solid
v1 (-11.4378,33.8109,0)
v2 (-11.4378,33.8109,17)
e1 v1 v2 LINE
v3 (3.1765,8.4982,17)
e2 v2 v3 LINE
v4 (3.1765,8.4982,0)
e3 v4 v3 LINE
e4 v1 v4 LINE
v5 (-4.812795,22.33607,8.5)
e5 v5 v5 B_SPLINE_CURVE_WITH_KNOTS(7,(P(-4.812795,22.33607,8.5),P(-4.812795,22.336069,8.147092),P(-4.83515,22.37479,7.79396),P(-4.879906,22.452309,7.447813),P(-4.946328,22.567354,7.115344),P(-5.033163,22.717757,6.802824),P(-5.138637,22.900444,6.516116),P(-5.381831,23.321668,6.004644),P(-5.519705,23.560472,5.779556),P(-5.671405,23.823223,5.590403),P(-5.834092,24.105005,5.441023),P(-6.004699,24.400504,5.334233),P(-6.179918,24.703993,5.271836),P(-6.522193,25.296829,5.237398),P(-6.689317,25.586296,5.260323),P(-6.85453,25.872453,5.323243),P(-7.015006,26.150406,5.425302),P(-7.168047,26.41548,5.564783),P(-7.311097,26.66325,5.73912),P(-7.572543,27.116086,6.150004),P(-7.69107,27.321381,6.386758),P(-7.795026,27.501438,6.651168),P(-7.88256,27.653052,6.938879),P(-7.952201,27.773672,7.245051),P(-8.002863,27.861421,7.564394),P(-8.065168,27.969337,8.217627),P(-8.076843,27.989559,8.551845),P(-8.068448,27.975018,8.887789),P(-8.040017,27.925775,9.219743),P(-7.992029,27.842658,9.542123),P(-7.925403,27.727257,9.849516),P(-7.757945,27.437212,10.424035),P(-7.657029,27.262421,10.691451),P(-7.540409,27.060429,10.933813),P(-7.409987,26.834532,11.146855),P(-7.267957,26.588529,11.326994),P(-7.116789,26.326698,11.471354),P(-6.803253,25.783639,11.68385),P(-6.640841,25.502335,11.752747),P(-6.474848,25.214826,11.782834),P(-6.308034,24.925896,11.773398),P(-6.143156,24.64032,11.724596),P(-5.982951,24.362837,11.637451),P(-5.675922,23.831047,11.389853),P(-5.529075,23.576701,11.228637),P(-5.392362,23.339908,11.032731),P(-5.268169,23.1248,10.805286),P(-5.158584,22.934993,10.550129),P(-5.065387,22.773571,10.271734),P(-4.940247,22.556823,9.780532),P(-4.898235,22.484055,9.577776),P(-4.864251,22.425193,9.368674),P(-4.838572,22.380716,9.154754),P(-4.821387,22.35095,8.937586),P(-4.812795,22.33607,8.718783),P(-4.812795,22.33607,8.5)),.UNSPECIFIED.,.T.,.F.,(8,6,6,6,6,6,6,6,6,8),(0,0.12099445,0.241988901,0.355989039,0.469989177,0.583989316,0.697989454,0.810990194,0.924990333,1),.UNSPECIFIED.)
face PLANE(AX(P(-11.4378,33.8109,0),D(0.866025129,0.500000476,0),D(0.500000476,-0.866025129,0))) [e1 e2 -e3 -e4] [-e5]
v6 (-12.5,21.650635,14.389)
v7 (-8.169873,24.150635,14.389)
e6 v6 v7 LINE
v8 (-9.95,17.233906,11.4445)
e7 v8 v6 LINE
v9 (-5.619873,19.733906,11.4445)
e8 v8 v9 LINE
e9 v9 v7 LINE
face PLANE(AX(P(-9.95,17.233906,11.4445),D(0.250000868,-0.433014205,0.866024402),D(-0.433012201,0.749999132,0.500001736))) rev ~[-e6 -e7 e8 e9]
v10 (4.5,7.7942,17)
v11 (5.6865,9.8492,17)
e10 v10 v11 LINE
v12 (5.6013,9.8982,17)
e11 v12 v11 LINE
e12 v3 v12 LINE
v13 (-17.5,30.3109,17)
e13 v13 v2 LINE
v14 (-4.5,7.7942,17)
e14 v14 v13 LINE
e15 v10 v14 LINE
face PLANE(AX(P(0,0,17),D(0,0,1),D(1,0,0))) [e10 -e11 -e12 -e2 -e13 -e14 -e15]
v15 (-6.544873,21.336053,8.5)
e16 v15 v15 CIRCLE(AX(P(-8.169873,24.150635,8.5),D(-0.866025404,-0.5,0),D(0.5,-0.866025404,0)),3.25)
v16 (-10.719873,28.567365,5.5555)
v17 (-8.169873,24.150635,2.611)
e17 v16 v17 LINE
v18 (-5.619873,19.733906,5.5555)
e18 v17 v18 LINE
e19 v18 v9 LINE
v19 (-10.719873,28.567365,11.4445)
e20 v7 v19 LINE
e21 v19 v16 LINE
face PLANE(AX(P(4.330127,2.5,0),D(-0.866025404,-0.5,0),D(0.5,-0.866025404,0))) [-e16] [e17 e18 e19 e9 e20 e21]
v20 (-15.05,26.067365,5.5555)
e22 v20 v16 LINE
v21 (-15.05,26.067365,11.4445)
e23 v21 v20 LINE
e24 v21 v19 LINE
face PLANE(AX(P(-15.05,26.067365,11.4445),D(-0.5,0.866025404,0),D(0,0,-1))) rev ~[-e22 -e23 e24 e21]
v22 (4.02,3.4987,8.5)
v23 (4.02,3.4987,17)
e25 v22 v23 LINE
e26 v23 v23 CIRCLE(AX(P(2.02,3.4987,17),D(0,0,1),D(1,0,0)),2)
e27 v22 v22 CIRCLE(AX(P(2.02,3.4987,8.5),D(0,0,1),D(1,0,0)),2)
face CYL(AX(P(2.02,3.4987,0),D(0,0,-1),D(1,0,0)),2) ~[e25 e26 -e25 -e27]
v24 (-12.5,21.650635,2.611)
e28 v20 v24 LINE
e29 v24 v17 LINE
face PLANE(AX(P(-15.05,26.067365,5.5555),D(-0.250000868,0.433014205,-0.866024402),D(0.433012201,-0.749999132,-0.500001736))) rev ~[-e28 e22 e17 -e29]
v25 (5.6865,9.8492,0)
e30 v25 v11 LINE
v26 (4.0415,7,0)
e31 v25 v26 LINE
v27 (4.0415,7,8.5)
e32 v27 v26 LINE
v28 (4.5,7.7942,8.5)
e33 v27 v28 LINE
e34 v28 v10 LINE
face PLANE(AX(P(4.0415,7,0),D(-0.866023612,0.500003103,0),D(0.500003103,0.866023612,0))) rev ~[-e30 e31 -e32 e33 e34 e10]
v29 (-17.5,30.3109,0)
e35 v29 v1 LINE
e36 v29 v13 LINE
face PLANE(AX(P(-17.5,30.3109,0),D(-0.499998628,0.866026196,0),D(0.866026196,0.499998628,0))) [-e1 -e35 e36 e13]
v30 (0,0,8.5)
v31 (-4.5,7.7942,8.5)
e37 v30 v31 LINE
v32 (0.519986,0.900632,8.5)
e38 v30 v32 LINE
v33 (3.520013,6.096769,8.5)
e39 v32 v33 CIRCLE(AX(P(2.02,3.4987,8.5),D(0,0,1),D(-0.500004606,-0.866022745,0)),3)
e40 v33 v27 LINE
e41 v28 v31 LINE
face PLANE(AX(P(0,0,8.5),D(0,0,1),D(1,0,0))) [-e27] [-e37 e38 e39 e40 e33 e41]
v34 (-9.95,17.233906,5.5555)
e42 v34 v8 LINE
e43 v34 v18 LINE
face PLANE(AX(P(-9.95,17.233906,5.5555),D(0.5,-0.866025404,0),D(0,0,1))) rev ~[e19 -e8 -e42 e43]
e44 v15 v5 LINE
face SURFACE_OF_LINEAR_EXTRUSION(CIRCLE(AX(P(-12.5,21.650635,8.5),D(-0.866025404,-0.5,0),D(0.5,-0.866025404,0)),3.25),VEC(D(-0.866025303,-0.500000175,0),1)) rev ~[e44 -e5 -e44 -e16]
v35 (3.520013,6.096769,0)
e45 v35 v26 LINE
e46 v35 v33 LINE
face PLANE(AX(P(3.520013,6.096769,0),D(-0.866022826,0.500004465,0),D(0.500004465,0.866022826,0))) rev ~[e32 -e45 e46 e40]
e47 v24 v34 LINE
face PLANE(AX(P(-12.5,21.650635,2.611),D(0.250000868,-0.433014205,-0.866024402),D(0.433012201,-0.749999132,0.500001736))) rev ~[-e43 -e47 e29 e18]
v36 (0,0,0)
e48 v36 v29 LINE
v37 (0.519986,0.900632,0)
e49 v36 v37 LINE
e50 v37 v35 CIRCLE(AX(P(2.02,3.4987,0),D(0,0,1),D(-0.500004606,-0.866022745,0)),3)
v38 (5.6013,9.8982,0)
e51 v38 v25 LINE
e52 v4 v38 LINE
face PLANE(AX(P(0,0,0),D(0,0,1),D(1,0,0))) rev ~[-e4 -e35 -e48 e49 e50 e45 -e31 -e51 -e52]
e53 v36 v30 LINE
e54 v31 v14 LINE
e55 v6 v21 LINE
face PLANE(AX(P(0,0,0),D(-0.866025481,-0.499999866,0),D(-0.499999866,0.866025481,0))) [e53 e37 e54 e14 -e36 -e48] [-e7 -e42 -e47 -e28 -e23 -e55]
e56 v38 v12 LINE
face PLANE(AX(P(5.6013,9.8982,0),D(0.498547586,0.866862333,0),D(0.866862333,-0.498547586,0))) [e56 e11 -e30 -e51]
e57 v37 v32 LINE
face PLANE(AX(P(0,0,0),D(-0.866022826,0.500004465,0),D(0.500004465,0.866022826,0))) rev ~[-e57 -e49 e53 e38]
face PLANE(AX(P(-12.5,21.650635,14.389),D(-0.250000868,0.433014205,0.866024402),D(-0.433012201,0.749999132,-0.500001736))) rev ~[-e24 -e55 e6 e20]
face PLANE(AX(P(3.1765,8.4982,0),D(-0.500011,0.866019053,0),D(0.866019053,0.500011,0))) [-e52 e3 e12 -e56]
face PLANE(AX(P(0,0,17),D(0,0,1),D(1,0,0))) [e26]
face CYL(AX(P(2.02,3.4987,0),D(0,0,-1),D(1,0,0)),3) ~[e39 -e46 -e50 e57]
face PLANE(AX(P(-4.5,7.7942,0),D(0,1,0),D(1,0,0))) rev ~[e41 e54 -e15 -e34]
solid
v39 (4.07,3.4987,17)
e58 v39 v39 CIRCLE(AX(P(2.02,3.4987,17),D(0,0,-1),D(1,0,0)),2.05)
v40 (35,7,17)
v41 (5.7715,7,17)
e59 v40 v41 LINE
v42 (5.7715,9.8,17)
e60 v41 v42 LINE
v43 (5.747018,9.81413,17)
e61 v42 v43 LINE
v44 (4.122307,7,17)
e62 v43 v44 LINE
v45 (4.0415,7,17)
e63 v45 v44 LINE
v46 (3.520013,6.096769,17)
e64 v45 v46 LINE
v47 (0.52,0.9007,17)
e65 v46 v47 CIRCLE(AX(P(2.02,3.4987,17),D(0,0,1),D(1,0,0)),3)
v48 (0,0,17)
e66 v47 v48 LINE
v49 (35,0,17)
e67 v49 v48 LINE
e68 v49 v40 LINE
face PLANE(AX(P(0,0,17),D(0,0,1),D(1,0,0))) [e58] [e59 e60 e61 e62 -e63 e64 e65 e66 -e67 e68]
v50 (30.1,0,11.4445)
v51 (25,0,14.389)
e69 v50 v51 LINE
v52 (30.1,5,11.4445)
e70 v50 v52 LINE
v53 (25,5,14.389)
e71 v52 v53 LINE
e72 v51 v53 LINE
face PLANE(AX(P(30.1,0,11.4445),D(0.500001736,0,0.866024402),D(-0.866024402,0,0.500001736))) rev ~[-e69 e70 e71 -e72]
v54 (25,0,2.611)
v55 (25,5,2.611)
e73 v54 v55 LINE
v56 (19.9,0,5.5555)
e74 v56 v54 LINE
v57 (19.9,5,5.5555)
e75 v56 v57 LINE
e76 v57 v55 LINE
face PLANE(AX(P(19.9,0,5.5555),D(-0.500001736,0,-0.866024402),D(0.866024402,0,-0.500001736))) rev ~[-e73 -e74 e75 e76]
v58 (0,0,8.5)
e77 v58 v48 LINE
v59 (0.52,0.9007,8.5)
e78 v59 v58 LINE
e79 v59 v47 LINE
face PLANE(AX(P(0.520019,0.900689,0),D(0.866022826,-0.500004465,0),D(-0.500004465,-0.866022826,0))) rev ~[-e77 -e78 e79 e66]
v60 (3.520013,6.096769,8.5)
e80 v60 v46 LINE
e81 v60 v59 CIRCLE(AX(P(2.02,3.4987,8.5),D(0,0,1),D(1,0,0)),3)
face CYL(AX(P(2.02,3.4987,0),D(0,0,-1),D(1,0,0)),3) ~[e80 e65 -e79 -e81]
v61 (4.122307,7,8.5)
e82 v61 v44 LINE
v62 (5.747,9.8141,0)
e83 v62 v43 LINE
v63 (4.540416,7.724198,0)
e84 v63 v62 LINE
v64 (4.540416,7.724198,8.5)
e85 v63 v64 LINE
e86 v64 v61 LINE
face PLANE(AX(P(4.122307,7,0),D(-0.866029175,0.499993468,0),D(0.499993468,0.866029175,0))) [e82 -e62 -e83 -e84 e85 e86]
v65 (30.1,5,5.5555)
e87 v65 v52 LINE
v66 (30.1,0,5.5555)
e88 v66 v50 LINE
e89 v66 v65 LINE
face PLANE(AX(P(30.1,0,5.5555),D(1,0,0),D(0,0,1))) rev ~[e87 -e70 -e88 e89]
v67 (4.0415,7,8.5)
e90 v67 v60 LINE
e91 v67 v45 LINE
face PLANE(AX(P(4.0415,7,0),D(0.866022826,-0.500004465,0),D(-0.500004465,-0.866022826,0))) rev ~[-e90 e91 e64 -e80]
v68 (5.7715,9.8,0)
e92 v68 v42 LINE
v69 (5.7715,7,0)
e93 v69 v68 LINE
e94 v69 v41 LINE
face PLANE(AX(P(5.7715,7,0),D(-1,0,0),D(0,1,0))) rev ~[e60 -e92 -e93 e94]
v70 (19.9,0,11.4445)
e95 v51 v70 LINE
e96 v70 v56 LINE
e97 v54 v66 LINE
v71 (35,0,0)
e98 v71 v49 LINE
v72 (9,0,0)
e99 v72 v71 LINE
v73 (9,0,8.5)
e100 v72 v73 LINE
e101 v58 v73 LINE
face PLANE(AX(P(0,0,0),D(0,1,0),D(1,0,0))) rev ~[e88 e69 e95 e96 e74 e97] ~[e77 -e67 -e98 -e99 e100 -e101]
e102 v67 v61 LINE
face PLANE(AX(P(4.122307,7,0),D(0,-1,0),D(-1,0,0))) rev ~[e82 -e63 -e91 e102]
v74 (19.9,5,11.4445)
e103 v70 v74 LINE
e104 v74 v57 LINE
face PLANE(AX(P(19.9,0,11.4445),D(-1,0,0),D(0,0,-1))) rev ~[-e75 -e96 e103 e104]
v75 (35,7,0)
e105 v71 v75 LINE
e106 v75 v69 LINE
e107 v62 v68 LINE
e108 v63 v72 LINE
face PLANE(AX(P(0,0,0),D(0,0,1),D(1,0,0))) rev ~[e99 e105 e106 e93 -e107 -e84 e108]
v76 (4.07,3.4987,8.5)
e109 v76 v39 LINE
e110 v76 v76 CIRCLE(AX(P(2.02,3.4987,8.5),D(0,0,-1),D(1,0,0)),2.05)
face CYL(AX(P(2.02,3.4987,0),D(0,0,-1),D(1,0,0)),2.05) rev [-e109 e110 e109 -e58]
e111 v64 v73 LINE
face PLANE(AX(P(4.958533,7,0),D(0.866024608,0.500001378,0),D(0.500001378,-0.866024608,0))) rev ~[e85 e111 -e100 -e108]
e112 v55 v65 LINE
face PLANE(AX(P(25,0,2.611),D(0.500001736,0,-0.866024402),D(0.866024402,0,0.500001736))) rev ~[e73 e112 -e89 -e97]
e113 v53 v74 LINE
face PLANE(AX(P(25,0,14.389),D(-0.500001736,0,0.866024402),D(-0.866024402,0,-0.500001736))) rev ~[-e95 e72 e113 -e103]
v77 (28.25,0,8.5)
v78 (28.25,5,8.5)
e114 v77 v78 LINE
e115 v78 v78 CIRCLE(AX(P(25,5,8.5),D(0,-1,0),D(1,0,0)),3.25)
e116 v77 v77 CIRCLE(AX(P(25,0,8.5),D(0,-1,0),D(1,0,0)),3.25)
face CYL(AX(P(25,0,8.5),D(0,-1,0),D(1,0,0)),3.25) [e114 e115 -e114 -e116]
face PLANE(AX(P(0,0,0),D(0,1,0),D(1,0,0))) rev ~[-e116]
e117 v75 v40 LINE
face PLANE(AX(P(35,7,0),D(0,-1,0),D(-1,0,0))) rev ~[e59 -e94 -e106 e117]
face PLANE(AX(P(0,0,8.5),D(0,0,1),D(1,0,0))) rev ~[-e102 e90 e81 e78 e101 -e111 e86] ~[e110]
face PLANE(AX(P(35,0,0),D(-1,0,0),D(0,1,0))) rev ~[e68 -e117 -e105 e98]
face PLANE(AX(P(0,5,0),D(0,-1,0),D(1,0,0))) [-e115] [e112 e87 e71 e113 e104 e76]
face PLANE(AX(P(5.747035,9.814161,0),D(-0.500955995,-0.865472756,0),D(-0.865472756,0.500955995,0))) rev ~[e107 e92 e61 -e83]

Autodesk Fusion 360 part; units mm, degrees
sketch "Szkic1" plane through (0, 0, 0) normal (0, 0, 1) x (1, 0, 0) in component "Component"
  line L0 (0, 0) -> (50, 0) construction
  line L1 (0, 0) -> (-17.5, 30.3109)
  line L2 (0, 0) -> (25, 0) construction
  line L3 (-17.5, 30.3109) -> (-11.4378, 33.8109)
  line L4 (-11.4378, 33.8109) -> (4.0415, 7)
  line L5 (0, 0) -> (4.0415, 7)
  line L6 (0, 0) -> (8.0829, 0) construction
  line L7 (4.0415, 7) -> (3.1765, 8.4982) construction
  line L8 (3.1765, 8.4982) -> (5.6013, 9.8982)
  line L9 (4.0415, 7) -> (5.6865, 9.8492)
  line L10 (4.0415, 7) -> (7.2746, 7) construction
  line L11 (5.6013, 9.8982) -> (5.6865, 9.8492)
  circle A0 centre (2.02, 3.4987) radius 3
  circle A1 centre (2.02, 3.4987) radius 2
  line L12 (-4.5, 7.7942) -> (4.5, 7.7942)
  dimension "d1" = 120
  dimension "d2" = 35
  dimension "d3" = 7
  dimension "d5" = 60
  dimension "d7" = 1.73
  dimension "d8" = 2.8
  dimension "d9" = 60
  dimension "d11" = 3.29
  dimension "d12" = 6
  dimension "d13" = 4.04
  dimension "d15" = 4
  dimension "d29" = 60
  dimension "d30" = 9
extrude "Wyciągnięcie proste1" add sketch "Szkic1" along normal blind 17 makes body 1 in component "Component"
extrude "Wyciągnięcie proste2" cut sketch "Szkic1" along normal blind 17 contours L5 A0 A1 | L5 A0 A1 bodies 1 makes body 2 at (4.0101, 3.2996, 11.3333) in component "Component"
extrude "Wyciągnięcie proste3" add sketch "Szkic1" along normal blind 7 contours L5 A0 A1 | L5 A0 A1 bodies 1 2 in component "Component"
extrude "Wyciągnięcie proste4" cut sketch "Szkic1" along normal blind 17 contours L1 L4 L5 A0 L12 bodies 1 makes body 3 at (-6.5664, 25.3733, 5.6667) in component "Component"
extrude "Wyciągnięcie proste5" add sketch "Szkic1" along normal blind 7 contours L1 L4 L5 A0 L12 bodies 1 3 in component "Component"
extrude "Wyciągnięcie proste6" add 1 faces at (0.1241, 6.983, 7) along direction (0, 0, 1) blind 10 on bodies 1 bodies 1 in component "Component"
extrude "Wyciągnięcie proste7" cut sketch "Szkic1" along normal blind 19 contours L1 L4 L5 A0 L12 bodies 1 makes body 4 at (0.2688, 1.0629, 8) in component "Component"
extrude "Wyciągnięcie proste8" add sketch "Szkic1" along normal blind 8.5 contours L1 L4 L5 A0 L12 bodies 1 4 in component "Component"
extrude "Wyciągnięcie proste9" cut sketch "Szkic1" along normal blind 17 contours L5 A0 A1 | L5 A0 A1 | L4 L9 L12 bodies 1 makes body 5 at (4.0101, 3.2996, 5.6667) in component "Component"
extrude "Wyciągnięcie proste10" add sketch "Szkic1" along normal blind 8.5 contours L5 A0 A1 | L5 A0 A1 | L4 L9 L12 bodies 1 5 in component "Component"
sketch "Szkic1 (2)" plane through (0, 0, 0) normal (0, 0, 1) x (1, 0, 0) in component "Component'"
  line L0 (0, 0) -> (35, 0)
  line L1 (35, 0) -> (35, 7)
  line L2 (35, 7) -> (4.0415, 7)
  line L3 (4.0415, 7) -> (0, 0)
  line L4 (4.0415, 7) -> (5.6865, 9.8492)
  line L5 (4.0415, 7) -> (5.7715, 7) construction
  line L6 (5.7715, 7) -> (5.7715, 9.8)
  line L7 (5.7715, 9.8) -> (5.6865, 9.8492)
  circle A0 centre (2.02, 3.4987) radius 2.05
  line L8 (0, 0) -> (0.52, 0.9007)
  circle A1 centre (2.02, 3.4987) radius 3
  line L9 (4.5, 7.7942) -> (9, 0)
  line L10 (4.0415, 7) -> (4.1021, 6.965) construction
  line L11 (4.1021, 6.965) -> (5.747, 9.8141)
  point P0 (4.0415, 7)
  point P1 (5.6865, 9.8492)
  point P2 (2.02, 3.4987)
  point P3 (2.02, 3.4987)
  point P4 (4.5, 7.7942)
  dimension "d41" = 35
  dimension "d42" = 7
  dimension "d43" = 1.73
  dimension "d44" = 2.8
  dimension "d45" = 4.04
  dimension "d46" = 4.1
  dimension "d48" = 1.04
  dimension "d49" = 6
  dimension "d50" = 60
  dimension "d78" = 120.075
  dimension "d79" = 0.07
extrude "Wyciągnięcie proste1'" add sketch "Szkic1 (2)" along normal blind 17 separate body makes body 6 in component "Component'"
extrude "Wyciągnięcie proste2'" cut sketch "Szkic1 (2)" along normal blind 8.5 contours L0 L2 L3 L8 A1 L9 | L3 A0 A1 | L3 A0 A1 | L2 L9 L11 | L3 A0 | L3 A0 | L2 L4 L9 L11 bodies 6 in component "Component'"
extrude "Wyciągnięcie proste3'" cut sketch "Szkic1 (2)" along normal through all contours L3 A0 | L3 A0 bodies 6 in component "Component'"
sketch "Szkic2" plane through (0, 0, 0) normal (0, -1, 0) x (1, 0, 0) in component "Component'"
  line L0 (9, 8.5) -> (9, 0)
  line L1 (9, 0) -> (35, 0)
  line L2 (35, 0) -> (35, 17)
  line L3 (35, 17) -> (0, 17)
  line L4 (0, 17) -> (0, 8.5)
  line L5 (0, 8.5) -> (9, 8.5)
  line L6 (0, 0) -> (25, 0) construction
  line L7 (25, 0) -> (25, 8.5) construction
  line L8 (30.1, 11.4445) -> (25, 14.389)
  line L9 (25, 14.389) -> (19.9, 11.4445)
  line L10 (19.9, 11.4445) -> (19.9, 5.5555)
  line L11 (19.9, 5.5555) -> (25, 2.611)
  line L12 (25, 2.611) -> (30.1, 5.5555)
  line L13 (30.1, 5.5555) -> (30.1, 11.4445)
  circle A0 centre (25, 8.5) radius 3.25
  point P0 (25, 8.5)
  point P1 (25, 0)
  dimension "d62" = 25
  dimension "d63" = 8.5
  dimension "d64" = 5.1
  dimension "d67" = 6.5
extrude "Wyciągnięcie proste4'" cut sketch "Szkic2" along normal through all contours A0 bodies 6 in component "Component'"
extrude "Wyciągnięcie proste5'" cut sketch "Szkic2" against normal blind 5 contours L8 L9 L10 L11 L12 L13 bodies 6 in component "Component'"
sketch "Szkic2 (2)" plane through (0, 0, 0) normal (-0.866, -0.5, 0) x (0.5, -0.866, 0) in component "Component"
  line L0 (-9, 8.5) -> (-9, 17)
  line L1 (-9, 17) -> (-35, 17)
  line L2 (-35, 17) -> (-35, 0)
  line L3 (-35, 0) -> (0, 0)
  line L4 (0, 0) -> (0, 8.5)
  line L5 (0, 8.5) -> (-9, 8.5)
  line L6 (0, 0) -> (-25, 0) construction
  line L7 (-25, 0) -> (-25, 8.5) construction
  line L8 (-19.9, 11.4445) -> (-25, 14.389)
  line L9 (-25, 14.389) -> (-30.1, 11.4445)
  line L10 (-30.1, 11.4445) -> (-30.1, 5.5555)
  line L11 (-30.1, 5.5555) -> (-25, 2.611)
  line L12 (-25, 2.611) -> (-19.9, 5.5555)
  line L13 (-19.9, 5.5555) -> (-19.9, 11.4445)
  circle A0 centre (-25, 8.5) radius 3.25
  point P0 (-25, 8.5)
  dimension "d71" = 25
  dimension "d72" = 8.5
  dimension "d73" = 5.1
  dimension "d74" = 6.5
extrude "Wyciągnięcie proste11" cut sketch "Szkic2 (2)" against normal blind 5 contours L8 L9 L10 L11 L12 L13 bodies 1 in component "Component"
extrude "Wyciągnięcie proste12" cut 1 faces at (-12.97, 22.4647, 8.1878) along direction (0.866025, 0.5, 0) through all on bodies 1 bodies 1 in component "Component"
extrude "Wyciągnięcie proste6'" cut sketch "Szkic1 (2)" along normal through all contours L2 L4 L9 L11 | L4 L7 L9 L11 bodies 6 in component "Component'"
component "Component" placed x (1, 0, 0) y (0, 1, 0) z (0, 0, 1) at (0, 0, 0)
component "Component'" placed x (1, 0, 0) y (0, 1, 0) z (0, 0, 1) at (0, 0, 0)
